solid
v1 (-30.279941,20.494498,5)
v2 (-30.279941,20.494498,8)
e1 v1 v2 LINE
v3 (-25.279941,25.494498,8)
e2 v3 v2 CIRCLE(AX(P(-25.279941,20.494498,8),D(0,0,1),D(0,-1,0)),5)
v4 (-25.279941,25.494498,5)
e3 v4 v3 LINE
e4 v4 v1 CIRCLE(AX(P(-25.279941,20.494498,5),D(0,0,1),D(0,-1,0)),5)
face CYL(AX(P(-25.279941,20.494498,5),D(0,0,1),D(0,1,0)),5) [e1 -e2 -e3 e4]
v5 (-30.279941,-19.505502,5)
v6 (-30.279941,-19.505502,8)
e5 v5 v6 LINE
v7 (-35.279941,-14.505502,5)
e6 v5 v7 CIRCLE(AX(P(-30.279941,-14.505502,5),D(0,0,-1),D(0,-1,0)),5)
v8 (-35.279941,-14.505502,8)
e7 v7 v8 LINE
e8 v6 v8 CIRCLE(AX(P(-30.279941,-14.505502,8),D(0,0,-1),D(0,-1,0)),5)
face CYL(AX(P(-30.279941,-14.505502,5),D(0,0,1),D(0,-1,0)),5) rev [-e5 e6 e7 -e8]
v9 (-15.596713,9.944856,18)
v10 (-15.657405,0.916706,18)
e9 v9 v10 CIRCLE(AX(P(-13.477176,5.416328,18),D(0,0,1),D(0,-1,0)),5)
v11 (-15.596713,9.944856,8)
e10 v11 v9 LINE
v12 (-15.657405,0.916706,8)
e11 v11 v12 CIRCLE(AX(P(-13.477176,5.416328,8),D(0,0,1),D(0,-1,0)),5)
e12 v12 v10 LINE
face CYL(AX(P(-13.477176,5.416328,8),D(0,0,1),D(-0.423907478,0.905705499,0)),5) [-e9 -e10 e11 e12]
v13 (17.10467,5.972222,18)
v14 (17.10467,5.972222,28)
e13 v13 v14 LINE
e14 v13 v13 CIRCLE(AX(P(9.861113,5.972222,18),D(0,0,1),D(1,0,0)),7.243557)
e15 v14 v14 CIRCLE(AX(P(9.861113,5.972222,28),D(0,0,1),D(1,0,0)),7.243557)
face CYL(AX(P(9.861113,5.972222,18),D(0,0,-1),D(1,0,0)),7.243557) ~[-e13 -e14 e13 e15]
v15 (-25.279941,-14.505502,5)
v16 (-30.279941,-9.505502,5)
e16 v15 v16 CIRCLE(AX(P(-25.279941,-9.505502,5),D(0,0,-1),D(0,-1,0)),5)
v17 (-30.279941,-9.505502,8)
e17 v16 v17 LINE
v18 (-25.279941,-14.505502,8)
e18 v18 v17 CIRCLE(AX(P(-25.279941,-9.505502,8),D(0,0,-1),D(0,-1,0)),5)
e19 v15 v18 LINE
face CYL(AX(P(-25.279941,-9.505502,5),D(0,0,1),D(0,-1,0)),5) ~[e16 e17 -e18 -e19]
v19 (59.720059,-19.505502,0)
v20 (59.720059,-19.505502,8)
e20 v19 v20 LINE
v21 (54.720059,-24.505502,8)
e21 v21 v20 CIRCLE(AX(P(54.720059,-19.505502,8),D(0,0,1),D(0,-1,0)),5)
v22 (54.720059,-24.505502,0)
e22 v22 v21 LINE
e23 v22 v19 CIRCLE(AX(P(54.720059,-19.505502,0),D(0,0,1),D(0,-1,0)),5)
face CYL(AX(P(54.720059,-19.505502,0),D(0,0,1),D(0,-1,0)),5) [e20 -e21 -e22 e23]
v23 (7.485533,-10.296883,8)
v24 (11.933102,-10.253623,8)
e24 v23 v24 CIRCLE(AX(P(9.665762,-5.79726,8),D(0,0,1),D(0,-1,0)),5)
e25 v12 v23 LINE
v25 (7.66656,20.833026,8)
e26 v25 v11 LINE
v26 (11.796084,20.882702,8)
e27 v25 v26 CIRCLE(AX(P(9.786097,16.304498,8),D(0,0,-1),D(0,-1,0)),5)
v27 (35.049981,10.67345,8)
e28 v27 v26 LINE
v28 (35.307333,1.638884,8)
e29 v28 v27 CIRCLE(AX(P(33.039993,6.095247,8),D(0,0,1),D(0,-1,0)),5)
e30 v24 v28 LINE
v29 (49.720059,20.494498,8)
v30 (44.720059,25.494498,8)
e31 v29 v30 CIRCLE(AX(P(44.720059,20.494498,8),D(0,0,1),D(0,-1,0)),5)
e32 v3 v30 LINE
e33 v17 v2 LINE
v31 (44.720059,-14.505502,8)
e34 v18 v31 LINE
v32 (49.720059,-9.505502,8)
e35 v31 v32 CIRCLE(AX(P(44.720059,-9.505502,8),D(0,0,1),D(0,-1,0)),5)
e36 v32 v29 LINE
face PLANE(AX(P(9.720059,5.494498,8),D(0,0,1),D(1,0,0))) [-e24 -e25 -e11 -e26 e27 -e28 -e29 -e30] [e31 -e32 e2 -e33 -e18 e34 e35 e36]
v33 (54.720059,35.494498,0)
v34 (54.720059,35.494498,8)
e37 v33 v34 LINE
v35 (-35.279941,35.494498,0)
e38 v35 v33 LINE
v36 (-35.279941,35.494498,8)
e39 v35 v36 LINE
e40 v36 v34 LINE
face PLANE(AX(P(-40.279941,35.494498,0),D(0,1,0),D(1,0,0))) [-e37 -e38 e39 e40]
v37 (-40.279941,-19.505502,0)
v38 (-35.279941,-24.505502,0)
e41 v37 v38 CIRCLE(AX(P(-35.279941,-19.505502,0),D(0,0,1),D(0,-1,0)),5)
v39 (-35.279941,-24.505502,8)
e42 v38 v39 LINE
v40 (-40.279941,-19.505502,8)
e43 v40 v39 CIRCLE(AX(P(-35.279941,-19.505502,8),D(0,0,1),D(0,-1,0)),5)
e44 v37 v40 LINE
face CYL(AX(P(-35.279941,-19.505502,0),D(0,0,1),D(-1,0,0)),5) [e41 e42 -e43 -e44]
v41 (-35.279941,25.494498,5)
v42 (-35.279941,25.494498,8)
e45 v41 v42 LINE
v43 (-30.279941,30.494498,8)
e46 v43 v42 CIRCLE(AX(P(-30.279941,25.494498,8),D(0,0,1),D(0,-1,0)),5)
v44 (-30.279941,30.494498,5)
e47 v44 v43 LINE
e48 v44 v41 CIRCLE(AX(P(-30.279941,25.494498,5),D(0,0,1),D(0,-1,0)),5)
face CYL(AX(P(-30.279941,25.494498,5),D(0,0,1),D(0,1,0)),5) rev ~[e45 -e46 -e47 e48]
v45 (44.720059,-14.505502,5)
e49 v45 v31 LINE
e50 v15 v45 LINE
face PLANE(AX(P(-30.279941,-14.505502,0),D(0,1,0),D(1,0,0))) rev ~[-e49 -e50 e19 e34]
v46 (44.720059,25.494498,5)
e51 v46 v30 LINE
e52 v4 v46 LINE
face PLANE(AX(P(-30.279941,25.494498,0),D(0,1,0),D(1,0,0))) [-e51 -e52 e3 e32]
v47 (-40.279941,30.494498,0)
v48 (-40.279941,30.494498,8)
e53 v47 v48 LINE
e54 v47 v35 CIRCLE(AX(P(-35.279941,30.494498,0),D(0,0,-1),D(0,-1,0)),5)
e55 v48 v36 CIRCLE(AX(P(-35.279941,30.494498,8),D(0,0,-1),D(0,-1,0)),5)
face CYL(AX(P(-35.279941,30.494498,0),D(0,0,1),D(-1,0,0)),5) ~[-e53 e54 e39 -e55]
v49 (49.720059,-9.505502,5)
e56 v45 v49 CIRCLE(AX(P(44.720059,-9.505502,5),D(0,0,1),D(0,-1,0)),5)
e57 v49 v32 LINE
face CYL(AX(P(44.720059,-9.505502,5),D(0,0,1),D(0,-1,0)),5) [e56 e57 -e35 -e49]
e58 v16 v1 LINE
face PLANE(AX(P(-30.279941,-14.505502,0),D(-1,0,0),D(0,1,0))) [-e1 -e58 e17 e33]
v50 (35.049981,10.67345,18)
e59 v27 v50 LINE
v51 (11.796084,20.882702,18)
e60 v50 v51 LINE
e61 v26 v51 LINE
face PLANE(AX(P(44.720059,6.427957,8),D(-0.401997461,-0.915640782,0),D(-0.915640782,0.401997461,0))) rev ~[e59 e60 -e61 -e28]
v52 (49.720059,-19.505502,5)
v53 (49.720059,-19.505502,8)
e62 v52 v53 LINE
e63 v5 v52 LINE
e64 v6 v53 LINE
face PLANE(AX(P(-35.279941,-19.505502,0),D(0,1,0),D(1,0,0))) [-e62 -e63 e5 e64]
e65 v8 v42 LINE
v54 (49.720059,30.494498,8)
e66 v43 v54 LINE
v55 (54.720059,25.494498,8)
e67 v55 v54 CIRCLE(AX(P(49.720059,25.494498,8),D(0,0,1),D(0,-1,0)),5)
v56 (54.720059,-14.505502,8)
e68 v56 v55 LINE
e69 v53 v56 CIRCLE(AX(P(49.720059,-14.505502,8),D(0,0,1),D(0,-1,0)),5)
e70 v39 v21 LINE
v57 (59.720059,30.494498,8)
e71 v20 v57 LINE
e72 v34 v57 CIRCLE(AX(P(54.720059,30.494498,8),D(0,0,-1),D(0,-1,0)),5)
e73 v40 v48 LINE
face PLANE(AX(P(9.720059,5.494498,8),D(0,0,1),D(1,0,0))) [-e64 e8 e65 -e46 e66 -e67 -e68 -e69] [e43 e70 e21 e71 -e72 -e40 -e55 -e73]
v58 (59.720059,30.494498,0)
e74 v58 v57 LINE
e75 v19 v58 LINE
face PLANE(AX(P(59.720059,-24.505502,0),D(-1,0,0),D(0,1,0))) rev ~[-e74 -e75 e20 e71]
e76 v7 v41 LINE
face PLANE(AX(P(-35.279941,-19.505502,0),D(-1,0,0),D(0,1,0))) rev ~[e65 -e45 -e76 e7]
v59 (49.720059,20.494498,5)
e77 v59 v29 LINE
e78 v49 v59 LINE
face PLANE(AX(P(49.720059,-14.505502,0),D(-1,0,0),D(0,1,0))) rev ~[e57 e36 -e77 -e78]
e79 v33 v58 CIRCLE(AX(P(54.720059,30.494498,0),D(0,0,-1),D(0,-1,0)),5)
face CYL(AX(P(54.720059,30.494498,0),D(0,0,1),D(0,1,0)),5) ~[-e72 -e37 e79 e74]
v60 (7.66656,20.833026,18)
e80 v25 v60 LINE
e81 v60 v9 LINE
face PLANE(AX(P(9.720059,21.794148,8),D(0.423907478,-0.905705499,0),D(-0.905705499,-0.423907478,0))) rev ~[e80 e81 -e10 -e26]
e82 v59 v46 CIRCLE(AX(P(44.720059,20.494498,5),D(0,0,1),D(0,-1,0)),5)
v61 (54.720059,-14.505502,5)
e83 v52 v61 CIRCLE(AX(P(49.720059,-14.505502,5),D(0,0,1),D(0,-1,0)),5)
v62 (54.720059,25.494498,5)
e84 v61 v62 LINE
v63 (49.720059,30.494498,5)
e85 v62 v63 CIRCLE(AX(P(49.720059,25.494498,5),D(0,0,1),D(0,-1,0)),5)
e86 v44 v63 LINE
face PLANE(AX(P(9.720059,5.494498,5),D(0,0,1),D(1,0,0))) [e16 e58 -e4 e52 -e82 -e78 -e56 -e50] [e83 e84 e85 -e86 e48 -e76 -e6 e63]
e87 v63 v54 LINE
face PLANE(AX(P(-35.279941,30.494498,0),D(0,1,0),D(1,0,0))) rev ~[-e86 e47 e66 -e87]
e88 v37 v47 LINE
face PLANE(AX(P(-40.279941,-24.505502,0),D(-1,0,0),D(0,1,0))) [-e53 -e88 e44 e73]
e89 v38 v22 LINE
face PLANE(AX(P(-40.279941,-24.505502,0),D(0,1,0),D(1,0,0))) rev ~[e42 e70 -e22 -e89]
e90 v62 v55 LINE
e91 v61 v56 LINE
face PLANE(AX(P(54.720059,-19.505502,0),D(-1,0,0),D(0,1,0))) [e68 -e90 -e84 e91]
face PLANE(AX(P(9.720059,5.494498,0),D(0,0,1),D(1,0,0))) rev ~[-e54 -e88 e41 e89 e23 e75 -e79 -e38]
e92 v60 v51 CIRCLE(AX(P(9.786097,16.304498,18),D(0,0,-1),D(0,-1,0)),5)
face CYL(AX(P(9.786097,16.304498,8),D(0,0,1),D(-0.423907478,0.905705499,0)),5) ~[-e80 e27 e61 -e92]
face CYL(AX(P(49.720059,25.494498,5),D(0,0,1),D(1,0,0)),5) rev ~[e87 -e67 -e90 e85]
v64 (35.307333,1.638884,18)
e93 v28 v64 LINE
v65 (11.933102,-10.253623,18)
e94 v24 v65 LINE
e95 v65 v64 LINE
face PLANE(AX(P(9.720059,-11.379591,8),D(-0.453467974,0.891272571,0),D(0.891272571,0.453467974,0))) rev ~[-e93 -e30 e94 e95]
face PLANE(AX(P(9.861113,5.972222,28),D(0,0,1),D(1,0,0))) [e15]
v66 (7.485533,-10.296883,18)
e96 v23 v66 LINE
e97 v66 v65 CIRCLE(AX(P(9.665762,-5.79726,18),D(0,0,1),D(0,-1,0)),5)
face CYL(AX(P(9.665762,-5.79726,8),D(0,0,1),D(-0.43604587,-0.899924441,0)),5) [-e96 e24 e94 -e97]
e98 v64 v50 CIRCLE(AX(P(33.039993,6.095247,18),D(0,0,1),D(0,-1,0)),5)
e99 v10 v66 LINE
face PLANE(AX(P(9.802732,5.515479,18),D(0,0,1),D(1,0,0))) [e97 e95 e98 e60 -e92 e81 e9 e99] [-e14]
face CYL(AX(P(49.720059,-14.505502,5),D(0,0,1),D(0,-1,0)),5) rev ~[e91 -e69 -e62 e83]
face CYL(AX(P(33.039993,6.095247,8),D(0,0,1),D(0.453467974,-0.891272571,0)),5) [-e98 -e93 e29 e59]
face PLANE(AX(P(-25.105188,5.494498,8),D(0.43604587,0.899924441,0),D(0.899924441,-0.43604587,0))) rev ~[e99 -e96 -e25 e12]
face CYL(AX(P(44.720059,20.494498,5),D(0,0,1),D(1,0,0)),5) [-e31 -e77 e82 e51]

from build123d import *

# Parameters (mm, degrees)
F0_W     = 100
F0_H     = 60
F0_W_2   = 90
F0_H_2   = 50
F0_W_3   = 80
F0_H_3   = 40
F1_DEPTH = 8
F2_DEPTH = 5
F4_DEPTH = 10
F5_R     = 5
F6_R     = 7.243557
F7_DEPTH = 10
F8_R     = 5


with BuildPart() as f1:
    # F0 (on Top) → F1 (new body)
    with BuildSketch(Plane.XY):
        with Locations((9.720059, 5.494498)):
            Rectangle(F0_W, F0_H)
        with Locations((9.720059, 5.494498)):
            Rectangle(F0_W_2, F0_H_2, mode=Mode.SUBTRACT)
        with Locations((9.720059, 5.494498)):
            Rectangle(F0_W_3, F0_H_3)
    extrude(amount=F1_DEPTH)

    # F0 (on Top) → F2 (join)
    with BuildSketch(Plane.XY):
        with Locations((9.720059, 5.494498)):
            Rectangle(F0_W_2, F0_H_2)
        with Locations((9.720059, 5.494498)):
            Rectangle(F0_W_3, F0_H_3, mode=Mode.SUBTRACT)
    extrude(amount=F2_DEPTH)

    # F3 (on face) → F4 (join)
    with BuildSketch(Plane.XY.offset(8)):
        Polygon((9.720059, 21.794148), (-25.105188, 5.494498), (9.720059, -11.379591), (44.720059, 6.427957), align=None)
    extrude(amount=F4_DEPTH)

    # F5
    f5_edges = [f1.edges().sort_by_distance(p)[0] for p in [
        (54.720059, -19.505502, 6.5),
        (-35.279941, -19.505502, 6.5),
        (-35.279941, 30.494498, 6.5),
        (54.720059, 30.494498, 6.5),
        (-30.279941, 25.494498, 6.5),
        (-30.279941, -14.505502, 6.5),
        (49.720059, -14.505502, 6.5),
        (49.720059, 25.494498, 6.5),
        (44.720059, 6.427957, 13),
        (9.720059, 21.794148, 13),
        (9.720059, -11.379591, 13),
        (-25.105188, 5.494498, 13),
    ]]
    fillet(f5_edges, radius=F5_R)

    # F6 (on face) → F7 (join)
    with BuildSketch(Plane.XY.offset(18)):
        with Locations((9.861113, 5.972222)):
            Circle(F6_R)
    extrude(amount=F7_DEPTH)

    # F8
    f8_edges = [f1.edges().sort_by_distance(p)[0] for p in [
        (59.720059, -24.505502, 4),
        (-40.279941, -24.505502, 4),
        (-40.279941, 35.494498, 4),
        (59.720059, 35.494498, 4),
    ]]
    fillet(f8_edges, radius=F8_R)


solid = f1.part
